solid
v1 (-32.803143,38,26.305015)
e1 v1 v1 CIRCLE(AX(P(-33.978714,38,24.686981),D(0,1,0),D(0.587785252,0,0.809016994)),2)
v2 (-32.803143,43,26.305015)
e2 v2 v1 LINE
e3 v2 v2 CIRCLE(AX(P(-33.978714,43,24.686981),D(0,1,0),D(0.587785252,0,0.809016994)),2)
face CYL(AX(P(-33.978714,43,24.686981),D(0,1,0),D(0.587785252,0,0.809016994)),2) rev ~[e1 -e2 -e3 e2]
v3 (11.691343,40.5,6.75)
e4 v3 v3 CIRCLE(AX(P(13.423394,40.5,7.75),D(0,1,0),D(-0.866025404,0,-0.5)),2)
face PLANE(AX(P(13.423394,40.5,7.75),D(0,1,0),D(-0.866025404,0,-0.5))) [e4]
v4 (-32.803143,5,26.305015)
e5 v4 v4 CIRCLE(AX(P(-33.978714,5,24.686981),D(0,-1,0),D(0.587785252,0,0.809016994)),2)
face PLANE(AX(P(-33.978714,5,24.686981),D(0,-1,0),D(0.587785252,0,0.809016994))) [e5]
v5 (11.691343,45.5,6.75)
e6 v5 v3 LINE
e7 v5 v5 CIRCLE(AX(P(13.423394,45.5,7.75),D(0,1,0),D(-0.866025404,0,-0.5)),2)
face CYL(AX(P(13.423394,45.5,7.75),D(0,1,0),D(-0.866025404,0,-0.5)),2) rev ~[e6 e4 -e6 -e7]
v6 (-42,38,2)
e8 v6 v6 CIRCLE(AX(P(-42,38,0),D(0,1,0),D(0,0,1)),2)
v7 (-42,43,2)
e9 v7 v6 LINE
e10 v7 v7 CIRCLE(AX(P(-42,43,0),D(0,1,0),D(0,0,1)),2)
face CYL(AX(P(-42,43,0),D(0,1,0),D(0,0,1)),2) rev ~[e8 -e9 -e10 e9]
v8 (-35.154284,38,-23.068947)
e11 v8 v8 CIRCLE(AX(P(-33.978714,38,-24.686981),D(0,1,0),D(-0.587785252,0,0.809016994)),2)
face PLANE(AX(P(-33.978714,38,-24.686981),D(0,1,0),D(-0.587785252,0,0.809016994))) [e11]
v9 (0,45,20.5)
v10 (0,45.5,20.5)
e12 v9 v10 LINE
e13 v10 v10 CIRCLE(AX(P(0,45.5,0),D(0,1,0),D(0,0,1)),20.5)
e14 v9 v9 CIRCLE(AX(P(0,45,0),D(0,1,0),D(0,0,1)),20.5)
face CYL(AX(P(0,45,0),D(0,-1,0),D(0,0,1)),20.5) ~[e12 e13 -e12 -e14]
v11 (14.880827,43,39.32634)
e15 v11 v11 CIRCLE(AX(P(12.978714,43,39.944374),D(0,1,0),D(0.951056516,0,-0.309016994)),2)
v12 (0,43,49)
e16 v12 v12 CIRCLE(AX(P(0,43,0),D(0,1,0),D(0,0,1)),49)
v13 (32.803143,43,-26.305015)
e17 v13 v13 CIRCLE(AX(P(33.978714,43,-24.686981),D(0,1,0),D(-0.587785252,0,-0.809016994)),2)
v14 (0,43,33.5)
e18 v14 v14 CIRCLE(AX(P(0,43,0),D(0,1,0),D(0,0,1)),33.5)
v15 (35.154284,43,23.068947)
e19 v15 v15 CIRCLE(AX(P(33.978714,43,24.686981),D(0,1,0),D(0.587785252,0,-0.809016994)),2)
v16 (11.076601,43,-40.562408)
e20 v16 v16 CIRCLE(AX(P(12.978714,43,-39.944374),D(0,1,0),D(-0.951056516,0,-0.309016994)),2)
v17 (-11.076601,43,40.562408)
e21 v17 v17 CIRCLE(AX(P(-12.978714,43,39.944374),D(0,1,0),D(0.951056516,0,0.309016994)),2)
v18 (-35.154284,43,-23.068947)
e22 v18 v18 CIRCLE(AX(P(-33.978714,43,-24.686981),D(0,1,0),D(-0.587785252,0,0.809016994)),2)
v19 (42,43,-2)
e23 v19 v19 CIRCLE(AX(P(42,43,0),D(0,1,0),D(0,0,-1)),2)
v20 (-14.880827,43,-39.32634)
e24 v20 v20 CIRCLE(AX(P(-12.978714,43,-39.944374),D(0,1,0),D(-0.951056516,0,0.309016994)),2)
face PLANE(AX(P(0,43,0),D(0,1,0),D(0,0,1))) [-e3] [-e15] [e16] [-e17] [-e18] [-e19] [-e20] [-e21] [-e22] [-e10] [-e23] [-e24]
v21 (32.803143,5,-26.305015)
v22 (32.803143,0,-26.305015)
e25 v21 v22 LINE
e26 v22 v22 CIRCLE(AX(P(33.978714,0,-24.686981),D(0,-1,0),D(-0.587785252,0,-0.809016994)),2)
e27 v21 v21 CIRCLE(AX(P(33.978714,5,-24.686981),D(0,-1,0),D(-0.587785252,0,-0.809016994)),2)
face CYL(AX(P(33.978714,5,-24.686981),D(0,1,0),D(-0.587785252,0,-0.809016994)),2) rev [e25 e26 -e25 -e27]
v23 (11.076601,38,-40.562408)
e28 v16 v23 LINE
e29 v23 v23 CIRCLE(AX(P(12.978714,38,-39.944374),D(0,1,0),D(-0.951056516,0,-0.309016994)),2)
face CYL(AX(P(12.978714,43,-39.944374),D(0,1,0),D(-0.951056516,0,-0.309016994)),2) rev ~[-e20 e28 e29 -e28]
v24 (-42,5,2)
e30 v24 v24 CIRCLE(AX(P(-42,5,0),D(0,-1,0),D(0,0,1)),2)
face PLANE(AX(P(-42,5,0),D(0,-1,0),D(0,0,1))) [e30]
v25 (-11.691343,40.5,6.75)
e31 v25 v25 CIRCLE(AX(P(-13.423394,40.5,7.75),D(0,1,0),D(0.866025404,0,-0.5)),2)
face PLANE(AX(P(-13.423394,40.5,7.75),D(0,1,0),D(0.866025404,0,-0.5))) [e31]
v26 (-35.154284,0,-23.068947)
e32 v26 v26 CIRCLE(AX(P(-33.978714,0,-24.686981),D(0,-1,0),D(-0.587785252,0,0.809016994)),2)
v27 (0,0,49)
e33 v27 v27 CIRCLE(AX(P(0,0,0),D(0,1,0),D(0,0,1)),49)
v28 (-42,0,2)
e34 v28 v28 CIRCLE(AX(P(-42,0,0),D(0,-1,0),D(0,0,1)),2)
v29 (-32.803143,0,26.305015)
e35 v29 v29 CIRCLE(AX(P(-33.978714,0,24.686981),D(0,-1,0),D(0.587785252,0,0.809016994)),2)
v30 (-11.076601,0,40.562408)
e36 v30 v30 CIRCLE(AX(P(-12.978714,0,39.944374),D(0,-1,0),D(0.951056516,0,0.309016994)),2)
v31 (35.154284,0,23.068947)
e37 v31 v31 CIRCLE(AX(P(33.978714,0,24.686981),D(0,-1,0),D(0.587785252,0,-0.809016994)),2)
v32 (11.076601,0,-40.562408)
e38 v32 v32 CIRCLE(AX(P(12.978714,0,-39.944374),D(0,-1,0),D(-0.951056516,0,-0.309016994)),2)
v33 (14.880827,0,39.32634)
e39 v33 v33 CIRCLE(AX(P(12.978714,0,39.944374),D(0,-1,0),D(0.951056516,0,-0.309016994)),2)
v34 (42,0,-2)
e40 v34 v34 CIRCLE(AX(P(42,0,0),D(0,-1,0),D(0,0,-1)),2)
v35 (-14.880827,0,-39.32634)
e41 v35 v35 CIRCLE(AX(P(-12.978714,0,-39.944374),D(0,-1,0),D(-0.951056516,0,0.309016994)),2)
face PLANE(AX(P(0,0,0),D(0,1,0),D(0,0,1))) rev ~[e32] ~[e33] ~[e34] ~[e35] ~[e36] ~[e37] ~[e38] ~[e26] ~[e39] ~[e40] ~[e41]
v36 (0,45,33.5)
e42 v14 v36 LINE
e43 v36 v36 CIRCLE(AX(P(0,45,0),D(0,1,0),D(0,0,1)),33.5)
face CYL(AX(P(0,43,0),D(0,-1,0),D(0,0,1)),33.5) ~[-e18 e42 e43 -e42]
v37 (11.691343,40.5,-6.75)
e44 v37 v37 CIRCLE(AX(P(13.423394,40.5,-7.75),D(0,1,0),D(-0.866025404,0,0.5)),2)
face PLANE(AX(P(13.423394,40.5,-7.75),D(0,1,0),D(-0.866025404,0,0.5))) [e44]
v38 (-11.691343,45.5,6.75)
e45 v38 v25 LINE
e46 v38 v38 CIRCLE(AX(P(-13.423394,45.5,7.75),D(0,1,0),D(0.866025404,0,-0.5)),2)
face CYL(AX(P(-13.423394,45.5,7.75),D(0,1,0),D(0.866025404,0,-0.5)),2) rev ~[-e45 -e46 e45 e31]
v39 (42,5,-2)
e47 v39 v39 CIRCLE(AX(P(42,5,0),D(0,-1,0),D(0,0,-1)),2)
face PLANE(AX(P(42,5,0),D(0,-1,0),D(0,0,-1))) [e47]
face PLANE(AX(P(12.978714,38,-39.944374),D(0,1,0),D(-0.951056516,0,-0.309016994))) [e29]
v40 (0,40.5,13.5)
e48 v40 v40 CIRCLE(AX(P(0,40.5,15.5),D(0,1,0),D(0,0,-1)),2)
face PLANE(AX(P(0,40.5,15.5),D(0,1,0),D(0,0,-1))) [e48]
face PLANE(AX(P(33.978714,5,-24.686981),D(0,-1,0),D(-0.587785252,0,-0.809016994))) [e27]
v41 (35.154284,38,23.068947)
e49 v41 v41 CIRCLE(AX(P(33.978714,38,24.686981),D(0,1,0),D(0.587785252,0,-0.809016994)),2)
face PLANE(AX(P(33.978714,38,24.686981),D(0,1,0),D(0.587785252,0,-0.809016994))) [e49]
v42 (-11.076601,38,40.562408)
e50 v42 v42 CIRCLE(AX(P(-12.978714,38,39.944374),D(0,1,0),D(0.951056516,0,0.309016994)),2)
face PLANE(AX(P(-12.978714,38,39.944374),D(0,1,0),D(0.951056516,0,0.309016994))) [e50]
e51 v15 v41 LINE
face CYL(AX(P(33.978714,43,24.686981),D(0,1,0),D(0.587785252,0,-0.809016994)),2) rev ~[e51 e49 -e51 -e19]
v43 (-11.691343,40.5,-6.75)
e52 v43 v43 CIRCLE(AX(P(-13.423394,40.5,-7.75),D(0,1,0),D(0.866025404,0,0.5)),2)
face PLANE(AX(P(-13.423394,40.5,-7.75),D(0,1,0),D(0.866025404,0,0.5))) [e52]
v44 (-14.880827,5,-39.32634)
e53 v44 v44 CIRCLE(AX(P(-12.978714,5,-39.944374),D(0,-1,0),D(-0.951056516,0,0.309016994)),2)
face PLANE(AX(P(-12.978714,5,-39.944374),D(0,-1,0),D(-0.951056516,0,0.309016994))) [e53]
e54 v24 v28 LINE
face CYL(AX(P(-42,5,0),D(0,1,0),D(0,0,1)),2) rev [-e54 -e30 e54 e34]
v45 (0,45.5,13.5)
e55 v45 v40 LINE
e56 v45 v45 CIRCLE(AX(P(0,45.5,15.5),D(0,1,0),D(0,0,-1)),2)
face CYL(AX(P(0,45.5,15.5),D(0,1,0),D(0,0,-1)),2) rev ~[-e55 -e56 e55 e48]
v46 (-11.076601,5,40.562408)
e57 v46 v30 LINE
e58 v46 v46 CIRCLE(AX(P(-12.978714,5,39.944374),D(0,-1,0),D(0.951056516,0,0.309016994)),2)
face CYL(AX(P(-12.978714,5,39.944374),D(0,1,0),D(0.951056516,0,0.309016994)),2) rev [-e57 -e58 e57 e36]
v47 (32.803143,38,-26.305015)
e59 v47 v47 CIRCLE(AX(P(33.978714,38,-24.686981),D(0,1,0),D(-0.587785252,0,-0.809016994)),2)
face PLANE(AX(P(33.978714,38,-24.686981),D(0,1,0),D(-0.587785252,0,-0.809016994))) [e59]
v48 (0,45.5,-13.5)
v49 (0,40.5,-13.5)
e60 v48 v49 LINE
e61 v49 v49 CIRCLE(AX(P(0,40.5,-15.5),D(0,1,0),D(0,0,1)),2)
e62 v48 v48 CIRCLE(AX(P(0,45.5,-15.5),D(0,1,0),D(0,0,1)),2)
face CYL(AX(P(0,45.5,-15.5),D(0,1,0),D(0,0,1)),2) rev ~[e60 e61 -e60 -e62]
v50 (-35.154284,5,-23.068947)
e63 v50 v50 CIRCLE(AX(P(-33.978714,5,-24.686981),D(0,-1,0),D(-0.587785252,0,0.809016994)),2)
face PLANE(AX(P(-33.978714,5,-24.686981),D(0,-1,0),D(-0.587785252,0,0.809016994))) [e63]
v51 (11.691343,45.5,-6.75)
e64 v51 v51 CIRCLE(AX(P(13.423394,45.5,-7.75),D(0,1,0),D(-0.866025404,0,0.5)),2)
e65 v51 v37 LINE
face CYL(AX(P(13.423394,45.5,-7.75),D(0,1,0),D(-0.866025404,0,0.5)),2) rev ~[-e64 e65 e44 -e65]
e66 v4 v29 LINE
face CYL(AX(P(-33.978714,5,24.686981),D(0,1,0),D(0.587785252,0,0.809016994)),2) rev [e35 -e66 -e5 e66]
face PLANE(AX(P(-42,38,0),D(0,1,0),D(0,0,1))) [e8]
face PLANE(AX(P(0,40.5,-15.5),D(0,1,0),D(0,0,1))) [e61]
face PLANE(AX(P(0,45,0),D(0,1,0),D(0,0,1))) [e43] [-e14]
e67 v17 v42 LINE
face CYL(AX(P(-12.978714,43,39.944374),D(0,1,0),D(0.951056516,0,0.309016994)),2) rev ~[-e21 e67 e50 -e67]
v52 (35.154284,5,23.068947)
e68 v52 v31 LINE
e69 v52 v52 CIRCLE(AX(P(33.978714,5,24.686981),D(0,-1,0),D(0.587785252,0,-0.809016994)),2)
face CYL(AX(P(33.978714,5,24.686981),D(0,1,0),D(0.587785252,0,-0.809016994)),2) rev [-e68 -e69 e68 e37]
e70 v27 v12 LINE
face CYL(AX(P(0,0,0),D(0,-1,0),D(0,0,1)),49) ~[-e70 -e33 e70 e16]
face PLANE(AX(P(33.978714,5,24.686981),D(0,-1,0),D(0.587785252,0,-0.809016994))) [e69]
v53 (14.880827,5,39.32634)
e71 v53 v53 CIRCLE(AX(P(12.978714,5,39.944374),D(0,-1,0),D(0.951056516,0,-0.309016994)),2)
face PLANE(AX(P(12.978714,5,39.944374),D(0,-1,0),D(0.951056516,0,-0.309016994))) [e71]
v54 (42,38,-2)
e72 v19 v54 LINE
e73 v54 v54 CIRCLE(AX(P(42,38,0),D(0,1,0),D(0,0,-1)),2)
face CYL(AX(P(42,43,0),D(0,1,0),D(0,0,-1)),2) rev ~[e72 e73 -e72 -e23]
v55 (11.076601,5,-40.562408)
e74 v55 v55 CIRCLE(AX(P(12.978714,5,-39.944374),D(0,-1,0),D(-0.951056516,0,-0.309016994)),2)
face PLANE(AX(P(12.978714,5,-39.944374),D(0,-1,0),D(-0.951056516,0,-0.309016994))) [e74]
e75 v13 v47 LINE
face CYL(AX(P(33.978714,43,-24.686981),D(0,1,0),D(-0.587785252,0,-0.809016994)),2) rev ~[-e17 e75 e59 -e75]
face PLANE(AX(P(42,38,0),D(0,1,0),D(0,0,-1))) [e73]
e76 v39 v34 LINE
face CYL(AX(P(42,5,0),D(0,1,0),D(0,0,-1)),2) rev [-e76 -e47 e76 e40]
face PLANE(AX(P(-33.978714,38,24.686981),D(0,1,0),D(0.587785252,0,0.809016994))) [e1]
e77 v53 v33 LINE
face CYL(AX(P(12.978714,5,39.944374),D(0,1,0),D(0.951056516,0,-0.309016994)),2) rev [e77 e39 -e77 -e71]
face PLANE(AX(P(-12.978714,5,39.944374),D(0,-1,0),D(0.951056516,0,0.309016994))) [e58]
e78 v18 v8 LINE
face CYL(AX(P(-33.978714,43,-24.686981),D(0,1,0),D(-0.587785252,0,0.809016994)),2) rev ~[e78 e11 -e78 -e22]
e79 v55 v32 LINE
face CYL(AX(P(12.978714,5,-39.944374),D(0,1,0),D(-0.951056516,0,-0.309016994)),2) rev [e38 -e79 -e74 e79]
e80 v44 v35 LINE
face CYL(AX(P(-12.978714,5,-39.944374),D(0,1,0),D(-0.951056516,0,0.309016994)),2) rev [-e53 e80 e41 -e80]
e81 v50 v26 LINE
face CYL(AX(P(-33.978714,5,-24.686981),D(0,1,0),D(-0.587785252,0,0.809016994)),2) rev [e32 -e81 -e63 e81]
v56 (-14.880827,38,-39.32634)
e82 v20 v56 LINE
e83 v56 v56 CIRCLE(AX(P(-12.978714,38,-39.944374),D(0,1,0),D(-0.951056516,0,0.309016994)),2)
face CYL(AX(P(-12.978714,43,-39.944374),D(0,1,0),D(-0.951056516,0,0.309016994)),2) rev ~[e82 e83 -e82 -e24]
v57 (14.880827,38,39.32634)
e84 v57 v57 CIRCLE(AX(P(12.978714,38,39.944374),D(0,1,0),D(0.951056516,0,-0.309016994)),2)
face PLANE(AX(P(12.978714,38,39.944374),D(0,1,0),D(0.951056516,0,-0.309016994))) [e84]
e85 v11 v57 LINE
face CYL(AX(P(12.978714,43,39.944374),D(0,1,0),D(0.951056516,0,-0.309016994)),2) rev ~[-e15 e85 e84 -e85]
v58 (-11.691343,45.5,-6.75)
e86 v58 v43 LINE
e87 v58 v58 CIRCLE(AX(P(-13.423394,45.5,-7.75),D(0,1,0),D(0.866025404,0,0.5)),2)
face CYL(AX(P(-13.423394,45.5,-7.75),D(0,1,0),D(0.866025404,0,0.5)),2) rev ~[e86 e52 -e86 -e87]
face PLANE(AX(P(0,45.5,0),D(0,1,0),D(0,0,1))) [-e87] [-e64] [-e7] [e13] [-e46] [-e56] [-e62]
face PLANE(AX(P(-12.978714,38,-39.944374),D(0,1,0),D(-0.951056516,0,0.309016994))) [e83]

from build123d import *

# Parameters (mm, degrees)
SKETCH_1_R               = 49
EXTRUDE_1_DEPTH          = 43
SKETCH_2_R               = 33.5
EXTRUDE_2_DEPTH          = 2
SKETCH_4_R               = 20.5
EXTRUDE_4_DEPTH          = 0.5
SKETCH_5_R               = 2
CUT_EXTRUDE_1_DEPTH      = 5
PATTERN_CIRCULAR_1_COUNT = 6
SKETCH_6_R               = 2
CUT_EXTRUDE_2_DEPTH      = 5
PATTERN_CIRCULAR_2_COUNT = 10
CUT_EXTRUDE_START        = -5
SKETCH_7_R               = 2
CUT_EXTRUDE_3_DEPTH      = 5
PATTERN_CIRCULAR_3_COUNT = 10


with BuildPart() as part:
    # 草圖1 → 填料-伸長1 (new body)
    with BuildSketch(Plane(origin=(0, 0, 0), x_dir=(1, 0, 0), z_dir=(0, 1, 0))):
        with Locations(Location((0, 0, 0), (0, 0, 270))):
            Circle(SKETCH_1_R)
    extrude(amount=EXTRUDE_1_DEPTH)

    # 草圖2 → 填料-伸長2 (add)
    with BuildSketch(Plane(origin=(0, 43, 0), x_dir=(1, 0, 0), z_dir=(0, 1, 0))):
        with Locations(Location((0, 0, 0), (0, 0, 270))):
            Circle(SKETCH_2_R)
    extrude(amount=EXTRUDE_2_DEPTH)

    # 草圖4 → 填料-伸長4 (add)
    with BuildSketch(Plane(origin=(0, 45, 0), x_dir=(1, 0, 0), z_dir=(0, 1, 0))):
        with Locations(Location((0, 0, 0), (0, 0, 270))):
            Circle(SKETCH_4_R)
    extrude(amount=EXTRUDE_4_DEPTH)

    # 草圖5 → 除料-伸長1 (cut)
    with BuildSketch(Plane(origin=(0, 45.5, 0), x_dir=(1, 0, 0), z_dir=(0, 1, 0))):
        with Locations(Location((0, 15.5, 0), (0, 0, 270))):
            Circle(SKETCH_5_R)
    cut_extrude_1 = extrude(amount=-CUT_EXTRUDE_1_DEPTH, mode=Mode.SUBTRACT)

    # 環狀複製排列1: 除料-伸長1 ×6 about axis
    pattern_circular_1_axis = Axis((0, 0, 0), (0, 1, 0))
    for i in range(1, PATTERN_CIRCULAR_1_COUNT):
        add(cut_extrude_1.rotate(pattern_circular_1_axis, i * 360 / PATTERN_CIRCULAR_1_COUNT), mode=Mode.SUBTRACT)

    # 草圖6 → 除料-伸長2 (cut)
    with BuildSketch(Plane(origin=(0, 43, 0), x_dir=(1, 0, 0), z_dir=(0, 1, 0))):
        with Locations(Location((-42, 0, 0), (0, 0, 270))):
            Circle(SKETCH_6_R)
    cut_extrude_2 = extrude(amount=-CUT_EXTRUDE_2_DEPTH, mode=Mode.SUBTRACT)

    # 環狀複製排列2: 除料-伸長2 ×10 about axis
    pattern_circular_2_axis = Axis((0, 0, 0), (0, 1, 0))
    for i in range(1, PATTERN_CIRCULAR_2_COUNT):
        add(cut_extrude_2.rotate(pattern_circular_2_axis, i * 360 / PATTERN_CIRCULAR_2_COUNT), mode=Mode.SUBTRACT)

    # 草圖7 → 除料-伸長3 (cut)
    with BuildSketch(Plane.XZ.offset(CUT_EXTRUDE_START)):
        with Locations(Location((42, 0, 0), (0, 0, 270))):
            Circle(SKETCH_7_R)
    cut_extrude_3 = extrude(amount=CUT_EXTRUDE_3_DEPTH, mode=Mode.SUBTRACT)

    # 環狀複製排列3: 除料-伸長3 ×10 about axis
    pattern_circular_3_axis = Axis((0, 0, 0), (0, 1, 0))
    for i in range(1, PATTERN_CIRCULAR_3_COUNT):
        add(cut_extrude_3.rotate(pattern_circular_3_axis, i * 360 / PATTERN_CIRCULAR_3_COUNT), mode=Mode.SUBTRACT)


solid = part.part
